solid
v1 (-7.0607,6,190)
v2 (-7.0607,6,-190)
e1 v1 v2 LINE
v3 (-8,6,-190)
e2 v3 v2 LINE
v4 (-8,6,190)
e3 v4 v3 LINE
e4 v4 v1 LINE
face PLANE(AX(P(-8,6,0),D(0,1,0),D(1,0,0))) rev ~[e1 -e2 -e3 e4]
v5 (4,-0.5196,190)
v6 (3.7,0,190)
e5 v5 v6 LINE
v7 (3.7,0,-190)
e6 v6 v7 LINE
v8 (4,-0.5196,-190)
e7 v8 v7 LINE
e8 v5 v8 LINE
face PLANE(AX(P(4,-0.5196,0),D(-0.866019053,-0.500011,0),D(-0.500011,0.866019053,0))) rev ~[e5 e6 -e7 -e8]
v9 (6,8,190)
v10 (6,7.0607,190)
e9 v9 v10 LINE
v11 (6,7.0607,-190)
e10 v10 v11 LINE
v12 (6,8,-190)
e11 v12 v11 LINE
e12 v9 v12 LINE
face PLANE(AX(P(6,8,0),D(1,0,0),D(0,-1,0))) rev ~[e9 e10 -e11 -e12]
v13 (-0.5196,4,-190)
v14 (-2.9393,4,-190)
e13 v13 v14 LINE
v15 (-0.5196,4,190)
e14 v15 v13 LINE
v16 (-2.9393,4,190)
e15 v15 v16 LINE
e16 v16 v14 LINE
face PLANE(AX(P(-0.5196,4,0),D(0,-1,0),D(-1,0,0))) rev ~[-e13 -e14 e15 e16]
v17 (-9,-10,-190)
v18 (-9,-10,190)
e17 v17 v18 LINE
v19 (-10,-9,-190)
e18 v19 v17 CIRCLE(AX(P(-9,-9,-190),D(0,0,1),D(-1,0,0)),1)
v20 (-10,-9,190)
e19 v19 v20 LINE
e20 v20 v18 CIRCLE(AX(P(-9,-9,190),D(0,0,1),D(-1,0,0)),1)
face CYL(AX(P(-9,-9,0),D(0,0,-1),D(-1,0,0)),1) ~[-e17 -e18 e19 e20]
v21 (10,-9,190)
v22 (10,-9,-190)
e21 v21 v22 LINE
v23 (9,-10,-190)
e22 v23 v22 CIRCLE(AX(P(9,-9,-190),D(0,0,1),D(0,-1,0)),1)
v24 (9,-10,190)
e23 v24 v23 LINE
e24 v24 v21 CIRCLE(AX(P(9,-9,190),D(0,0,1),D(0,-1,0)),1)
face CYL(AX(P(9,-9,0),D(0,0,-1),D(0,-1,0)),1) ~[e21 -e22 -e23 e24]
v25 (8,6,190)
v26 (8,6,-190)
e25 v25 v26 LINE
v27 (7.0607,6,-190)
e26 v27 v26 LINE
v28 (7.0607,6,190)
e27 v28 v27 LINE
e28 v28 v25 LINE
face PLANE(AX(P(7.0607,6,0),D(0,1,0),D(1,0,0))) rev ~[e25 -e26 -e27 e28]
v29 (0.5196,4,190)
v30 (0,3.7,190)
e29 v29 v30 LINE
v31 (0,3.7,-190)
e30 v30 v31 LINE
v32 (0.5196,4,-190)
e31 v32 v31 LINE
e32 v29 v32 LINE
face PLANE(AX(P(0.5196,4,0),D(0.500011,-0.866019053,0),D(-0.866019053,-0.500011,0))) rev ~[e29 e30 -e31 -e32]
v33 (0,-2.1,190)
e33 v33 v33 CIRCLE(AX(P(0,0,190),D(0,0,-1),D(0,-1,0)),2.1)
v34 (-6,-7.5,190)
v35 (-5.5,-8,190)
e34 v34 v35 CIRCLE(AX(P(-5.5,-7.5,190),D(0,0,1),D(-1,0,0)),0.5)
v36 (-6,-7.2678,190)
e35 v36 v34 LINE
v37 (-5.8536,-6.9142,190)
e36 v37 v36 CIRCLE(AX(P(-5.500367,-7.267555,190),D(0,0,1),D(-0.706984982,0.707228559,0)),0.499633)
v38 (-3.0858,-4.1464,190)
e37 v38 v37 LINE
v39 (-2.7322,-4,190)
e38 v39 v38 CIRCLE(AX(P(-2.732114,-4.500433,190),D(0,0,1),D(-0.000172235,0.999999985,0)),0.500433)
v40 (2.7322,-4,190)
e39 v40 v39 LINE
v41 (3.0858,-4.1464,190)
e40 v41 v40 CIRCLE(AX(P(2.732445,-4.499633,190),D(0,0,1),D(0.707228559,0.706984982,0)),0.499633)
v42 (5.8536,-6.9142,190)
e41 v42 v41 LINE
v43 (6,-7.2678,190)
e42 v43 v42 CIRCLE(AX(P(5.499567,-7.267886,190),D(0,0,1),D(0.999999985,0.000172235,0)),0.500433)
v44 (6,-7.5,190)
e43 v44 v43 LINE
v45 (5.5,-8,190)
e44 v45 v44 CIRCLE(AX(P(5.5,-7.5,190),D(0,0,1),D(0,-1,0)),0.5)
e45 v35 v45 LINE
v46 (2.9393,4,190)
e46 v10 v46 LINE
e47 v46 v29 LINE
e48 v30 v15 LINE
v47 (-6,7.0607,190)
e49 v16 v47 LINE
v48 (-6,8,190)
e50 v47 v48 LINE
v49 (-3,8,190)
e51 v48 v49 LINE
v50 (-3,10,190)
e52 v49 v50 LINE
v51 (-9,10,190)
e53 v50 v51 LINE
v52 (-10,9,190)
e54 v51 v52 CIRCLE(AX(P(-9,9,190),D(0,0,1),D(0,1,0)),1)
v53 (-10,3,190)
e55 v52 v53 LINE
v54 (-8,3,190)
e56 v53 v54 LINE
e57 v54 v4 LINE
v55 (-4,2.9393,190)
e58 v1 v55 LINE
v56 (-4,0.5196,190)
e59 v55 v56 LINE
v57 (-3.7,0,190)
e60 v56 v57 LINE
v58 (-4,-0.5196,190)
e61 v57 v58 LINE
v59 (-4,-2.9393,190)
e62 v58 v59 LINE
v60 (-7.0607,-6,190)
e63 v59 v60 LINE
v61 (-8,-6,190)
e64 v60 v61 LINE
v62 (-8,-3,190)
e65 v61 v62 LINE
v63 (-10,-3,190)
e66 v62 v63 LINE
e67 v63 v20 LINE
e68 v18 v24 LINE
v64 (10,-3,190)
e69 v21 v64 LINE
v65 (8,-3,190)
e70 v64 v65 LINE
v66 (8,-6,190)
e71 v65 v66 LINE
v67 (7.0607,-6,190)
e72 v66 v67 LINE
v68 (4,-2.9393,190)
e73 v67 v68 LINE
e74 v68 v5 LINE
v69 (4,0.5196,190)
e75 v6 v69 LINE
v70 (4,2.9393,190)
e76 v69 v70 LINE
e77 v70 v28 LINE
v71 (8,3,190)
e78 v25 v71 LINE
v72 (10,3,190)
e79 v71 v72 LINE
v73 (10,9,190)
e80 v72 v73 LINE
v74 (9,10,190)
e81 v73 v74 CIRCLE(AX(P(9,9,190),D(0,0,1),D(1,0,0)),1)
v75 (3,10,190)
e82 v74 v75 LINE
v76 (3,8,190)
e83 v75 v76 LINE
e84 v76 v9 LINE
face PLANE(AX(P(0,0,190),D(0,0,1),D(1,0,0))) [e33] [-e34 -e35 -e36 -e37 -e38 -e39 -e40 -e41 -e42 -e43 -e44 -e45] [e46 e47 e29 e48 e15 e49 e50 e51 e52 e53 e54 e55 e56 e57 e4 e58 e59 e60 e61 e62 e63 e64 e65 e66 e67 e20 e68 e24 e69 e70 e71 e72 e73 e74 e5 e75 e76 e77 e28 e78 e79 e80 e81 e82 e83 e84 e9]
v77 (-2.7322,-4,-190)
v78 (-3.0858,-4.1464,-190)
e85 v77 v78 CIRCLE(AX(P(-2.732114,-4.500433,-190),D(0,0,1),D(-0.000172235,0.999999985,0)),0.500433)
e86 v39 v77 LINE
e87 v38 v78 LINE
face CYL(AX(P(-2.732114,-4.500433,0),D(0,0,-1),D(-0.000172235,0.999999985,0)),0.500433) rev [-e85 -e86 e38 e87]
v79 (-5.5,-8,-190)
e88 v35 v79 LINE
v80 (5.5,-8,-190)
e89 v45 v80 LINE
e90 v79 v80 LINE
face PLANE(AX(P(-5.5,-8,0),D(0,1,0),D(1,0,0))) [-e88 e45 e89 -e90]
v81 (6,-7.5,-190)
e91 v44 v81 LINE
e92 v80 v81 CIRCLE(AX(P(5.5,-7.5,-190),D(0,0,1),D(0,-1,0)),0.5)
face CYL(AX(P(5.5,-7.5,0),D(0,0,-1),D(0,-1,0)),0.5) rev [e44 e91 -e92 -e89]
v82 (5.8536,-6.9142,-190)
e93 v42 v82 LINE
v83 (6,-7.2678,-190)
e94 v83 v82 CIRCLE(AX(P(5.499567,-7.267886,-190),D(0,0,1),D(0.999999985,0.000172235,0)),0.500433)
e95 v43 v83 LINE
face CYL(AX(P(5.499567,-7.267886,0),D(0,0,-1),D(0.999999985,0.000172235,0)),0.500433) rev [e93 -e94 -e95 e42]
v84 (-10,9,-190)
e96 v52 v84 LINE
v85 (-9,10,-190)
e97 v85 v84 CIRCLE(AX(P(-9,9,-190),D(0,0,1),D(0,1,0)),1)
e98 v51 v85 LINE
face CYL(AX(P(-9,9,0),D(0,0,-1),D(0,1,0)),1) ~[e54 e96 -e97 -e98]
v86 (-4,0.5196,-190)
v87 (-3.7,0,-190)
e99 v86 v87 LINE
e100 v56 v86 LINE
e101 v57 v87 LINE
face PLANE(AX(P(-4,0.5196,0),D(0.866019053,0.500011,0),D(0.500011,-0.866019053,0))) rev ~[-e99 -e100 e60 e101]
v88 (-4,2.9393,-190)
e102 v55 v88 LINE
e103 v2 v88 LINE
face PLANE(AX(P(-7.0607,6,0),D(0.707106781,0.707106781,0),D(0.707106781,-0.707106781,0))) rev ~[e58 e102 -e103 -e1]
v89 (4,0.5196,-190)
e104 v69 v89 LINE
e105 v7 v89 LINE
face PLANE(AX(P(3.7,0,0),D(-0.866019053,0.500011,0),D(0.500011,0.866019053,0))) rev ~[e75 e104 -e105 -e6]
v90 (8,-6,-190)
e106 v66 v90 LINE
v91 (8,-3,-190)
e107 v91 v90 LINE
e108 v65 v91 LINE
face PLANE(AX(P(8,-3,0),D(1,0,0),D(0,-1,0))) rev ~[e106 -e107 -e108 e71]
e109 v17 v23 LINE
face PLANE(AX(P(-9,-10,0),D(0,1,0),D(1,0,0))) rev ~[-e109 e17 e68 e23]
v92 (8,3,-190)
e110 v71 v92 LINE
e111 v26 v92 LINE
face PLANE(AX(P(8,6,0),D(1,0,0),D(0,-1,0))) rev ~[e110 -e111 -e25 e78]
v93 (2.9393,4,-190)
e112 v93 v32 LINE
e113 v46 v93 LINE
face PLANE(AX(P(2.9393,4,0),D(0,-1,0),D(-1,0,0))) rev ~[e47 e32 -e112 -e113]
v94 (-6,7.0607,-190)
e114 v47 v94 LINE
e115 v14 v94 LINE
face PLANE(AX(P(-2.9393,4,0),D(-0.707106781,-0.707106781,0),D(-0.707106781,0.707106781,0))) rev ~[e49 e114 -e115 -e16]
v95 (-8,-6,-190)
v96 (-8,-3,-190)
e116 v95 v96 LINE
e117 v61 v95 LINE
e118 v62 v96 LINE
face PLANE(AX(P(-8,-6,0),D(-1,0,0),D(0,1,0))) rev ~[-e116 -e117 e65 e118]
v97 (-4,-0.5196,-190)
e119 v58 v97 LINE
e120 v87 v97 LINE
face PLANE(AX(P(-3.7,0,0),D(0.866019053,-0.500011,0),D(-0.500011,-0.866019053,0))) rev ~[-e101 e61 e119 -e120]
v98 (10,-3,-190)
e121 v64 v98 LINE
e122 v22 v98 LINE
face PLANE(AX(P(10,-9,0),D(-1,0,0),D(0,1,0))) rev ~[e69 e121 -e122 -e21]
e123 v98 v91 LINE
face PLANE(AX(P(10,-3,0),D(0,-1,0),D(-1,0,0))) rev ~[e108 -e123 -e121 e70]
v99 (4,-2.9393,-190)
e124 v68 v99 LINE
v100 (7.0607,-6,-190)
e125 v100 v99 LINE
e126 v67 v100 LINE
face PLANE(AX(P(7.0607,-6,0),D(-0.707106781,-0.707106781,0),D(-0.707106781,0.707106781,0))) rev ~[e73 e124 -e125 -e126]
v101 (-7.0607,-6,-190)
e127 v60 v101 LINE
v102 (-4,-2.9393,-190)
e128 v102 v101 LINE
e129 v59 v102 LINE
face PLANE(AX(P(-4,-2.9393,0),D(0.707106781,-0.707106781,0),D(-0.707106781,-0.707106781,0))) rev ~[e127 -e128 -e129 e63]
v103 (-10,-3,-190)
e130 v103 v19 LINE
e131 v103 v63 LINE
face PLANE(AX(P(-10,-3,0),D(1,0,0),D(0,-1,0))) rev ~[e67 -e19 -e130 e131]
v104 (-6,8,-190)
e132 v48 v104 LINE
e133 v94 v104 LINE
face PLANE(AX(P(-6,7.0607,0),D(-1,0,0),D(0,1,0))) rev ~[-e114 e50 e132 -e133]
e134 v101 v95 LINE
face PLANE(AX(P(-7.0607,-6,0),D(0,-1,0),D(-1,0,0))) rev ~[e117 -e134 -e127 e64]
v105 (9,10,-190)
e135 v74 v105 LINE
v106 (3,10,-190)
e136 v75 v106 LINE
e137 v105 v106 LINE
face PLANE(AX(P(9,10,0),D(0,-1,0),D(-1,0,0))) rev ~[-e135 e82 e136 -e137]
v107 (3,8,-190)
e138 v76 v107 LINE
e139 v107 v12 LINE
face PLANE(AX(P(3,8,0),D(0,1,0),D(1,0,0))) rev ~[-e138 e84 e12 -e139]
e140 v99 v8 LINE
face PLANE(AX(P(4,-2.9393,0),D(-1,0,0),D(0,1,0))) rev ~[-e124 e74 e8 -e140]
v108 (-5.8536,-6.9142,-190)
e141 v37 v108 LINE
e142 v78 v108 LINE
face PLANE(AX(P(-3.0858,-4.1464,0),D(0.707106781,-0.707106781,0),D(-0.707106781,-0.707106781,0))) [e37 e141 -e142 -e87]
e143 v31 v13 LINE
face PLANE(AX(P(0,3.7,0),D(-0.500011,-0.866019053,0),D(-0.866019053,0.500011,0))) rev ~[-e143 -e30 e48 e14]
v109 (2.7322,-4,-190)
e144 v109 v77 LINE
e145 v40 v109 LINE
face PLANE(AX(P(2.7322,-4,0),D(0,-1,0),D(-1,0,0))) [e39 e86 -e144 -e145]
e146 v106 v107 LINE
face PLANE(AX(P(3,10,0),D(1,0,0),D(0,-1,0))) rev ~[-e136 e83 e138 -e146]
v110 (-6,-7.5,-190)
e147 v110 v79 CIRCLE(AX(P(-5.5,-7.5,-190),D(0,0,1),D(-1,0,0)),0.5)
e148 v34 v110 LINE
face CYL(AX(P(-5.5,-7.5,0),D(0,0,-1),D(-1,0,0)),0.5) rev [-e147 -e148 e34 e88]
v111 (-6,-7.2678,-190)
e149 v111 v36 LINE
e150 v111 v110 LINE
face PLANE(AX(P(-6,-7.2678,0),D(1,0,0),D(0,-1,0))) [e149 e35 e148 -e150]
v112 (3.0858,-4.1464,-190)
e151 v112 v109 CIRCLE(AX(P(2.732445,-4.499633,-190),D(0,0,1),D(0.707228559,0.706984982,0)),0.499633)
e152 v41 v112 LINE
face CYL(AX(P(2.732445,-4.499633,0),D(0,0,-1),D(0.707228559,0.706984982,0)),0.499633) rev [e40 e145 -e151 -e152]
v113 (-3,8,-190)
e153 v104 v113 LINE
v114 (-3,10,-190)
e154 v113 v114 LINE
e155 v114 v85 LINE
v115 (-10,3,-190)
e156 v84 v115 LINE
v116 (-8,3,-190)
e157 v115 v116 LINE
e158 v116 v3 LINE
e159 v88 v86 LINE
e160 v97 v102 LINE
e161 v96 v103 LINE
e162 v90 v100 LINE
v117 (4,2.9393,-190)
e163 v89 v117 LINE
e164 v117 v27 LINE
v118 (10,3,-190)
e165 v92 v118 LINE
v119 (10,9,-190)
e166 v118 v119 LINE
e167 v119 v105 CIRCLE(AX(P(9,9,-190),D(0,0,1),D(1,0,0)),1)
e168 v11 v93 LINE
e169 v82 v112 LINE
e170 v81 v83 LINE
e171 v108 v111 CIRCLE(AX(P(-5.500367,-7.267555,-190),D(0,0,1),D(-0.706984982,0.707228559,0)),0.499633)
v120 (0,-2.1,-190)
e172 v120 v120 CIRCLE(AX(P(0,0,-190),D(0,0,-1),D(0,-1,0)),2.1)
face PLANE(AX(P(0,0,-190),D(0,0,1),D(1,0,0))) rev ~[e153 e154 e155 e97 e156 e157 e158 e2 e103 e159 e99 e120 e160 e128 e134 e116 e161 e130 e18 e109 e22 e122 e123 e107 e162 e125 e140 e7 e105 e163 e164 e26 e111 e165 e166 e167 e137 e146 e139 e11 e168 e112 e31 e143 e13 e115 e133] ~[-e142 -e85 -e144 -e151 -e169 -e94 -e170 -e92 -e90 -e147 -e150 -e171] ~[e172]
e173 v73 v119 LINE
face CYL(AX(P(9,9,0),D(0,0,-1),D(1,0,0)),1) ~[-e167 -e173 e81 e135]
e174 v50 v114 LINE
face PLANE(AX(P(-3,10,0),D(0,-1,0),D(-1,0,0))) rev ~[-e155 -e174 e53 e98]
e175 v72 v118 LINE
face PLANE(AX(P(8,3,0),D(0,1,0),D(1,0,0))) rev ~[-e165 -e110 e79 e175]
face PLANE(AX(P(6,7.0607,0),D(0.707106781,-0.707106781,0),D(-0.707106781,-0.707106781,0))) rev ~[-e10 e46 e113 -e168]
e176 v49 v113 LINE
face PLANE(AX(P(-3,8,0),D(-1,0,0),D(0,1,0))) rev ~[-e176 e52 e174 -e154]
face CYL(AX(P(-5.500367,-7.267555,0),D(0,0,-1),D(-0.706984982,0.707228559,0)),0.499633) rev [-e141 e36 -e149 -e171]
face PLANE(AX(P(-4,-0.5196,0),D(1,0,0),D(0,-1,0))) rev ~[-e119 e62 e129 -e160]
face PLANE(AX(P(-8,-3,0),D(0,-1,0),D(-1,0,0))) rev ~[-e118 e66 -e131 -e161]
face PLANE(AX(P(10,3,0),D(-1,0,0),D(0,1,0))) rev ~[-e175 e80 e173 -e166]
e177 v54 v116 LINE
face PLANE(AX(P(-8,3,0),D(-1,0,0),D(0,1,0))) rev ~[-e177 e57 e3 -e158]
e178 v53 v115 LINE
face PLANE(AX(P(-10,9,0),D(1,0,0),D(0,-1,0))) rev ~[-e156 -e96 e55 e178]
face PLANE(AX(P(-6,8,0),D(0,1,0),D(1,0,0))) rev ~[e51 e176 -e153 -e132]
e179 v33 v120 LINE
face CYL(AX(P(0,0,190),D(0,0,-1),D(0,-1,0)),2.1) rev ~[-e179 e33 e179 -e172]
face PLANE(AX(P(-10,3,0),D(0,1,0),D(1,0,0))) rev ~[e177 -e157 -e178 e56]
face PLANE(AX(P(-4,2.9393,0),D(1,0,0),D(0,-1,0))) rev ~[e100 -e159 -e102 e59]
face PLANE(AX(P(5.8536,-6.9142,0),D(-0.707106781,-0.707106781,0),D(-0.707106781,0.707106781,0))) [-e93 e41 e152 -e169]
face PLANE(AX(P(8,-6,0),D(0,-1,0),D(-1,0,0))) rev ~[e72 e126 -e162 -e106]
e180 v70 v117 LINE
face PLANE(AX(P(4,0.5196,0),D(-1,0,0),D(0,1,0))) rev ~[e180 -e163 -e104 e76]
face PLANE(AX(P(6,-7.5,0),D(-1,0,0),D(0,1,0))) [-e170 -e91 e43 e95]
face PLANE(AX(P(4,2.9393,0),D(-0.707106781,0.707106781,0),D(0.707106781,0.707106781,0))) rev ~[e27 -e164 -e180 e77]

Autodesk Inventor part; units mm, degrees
sketch "Sketch_63" plane through (0, 0, 0) normal (0, 0, 1) x (1, 0, 0)
  line L0 (-10, -3) -> (-10, -9)
  arc A0 (-10, -9) -> (-9, -10) centre (-9, -9) ccw
  line L1 (-9, -10) -> (9, -10)
  arc A1 (9, -10) -> (10, -9) centre (9, -9) ccw
  line L2 (10, -9) -> (10, -3)
  line L3 (10, -3) -> (8, -3)
  line L4 (8, -3) -> (8, -6)
  line L5 (8, -6) -> (7.0607, -6)
  line L6 (7.0607, -6) -> (4, -2.9393)
  line L7 (4, -2.9393) -> (4, -0.5196)
  line L8 (4, -0.5196) -> (3.7, 0)
  line L9 (3.7, 0) -> (4, 0.5196)
  line L10 (4, 0.5196) -> (4, 2.9393)
  line L11 (4, 2.9393) -> (7.0607, 6)
  line L12 (7.0607, 6) -> (8, 6)
  line L13 (8, 6) -> (8, 3)
  line L14 (8, 3) -> (10, 3)
  line L15 (10, 3) -> (10, 9)
  arc A2 (10, 9) -> (9, 10) centre (9, 9) ccw
  line L16 (9, 10) -> (3, 10)
  line L17 (3, 10) -> (3, 8)
  line L18 (3, 8) -> (6, 8)
  line L19 (6, 8) -> (6, 7.0607)
  line L20 (6, 7.0607) -> (2.9393, 4)
  line L21 (2.9393, 4) -> (0.5196, 4)
  line L22 (0.5196, 4) -> (0, 3.7)
  line L23 (0, 3.7) -> (-0.5196, 4)
  line L24 (-0.5196, 4) -> (-2.9393, 4)
  line L25 (-2.9393, 4) -> (-6, 7.0607)
  line L26 (-6, 7.0607) -> (-6, 8)
  line L27 (-6, 8) -> (-3, 8)
  line L28 (-3, 8) -> (-3, 10)
  line L29 (-3, 10) -> (-9, 10)
  arc A3 (-9, 10) -> (-10, 9) centre (-9, 9) ccw
  line L30 (-10, 9) -> (-10, 3)
  line L31 (-10, 3) -> (-8, 3)
  line L32 (-8, 3) -> (-8, 6)
  line L33 (-8, 6) -> (-7.0607, 6)
  line L34 (-7.0607, 6) -> (-4, 2.9393)
  line L35 (-4, 2.9393) -> (-4, 0.5196)
  line L36 (-4, 0.5196) -> (-3.7, 0)
  line L37 (-3.7, 0) -> (-4, -0.5196)
  line L38 (-4, -0.5196) -> (-4, -2.9393)
  line L39 (-4, -2.9393) -> (-7.0607, -6)
  line L40 (-7.0607, -6) -> (-8, -6)
  line L41 (-8, -6) -> (-8, -3)
  line L42 (-8, -3) -> (-10, -3)
  line L43 (-6, -7.2678) -> (-6, -7.5)
  arc A4 (-6, -7.5) -> (-5.5, -8) centre (-5.5, -7.5) ccw
  line L44 (-5.5, -8) -> (5.5, -8)
  arc A5 (5.5, -8) -> (6, -7.5) centre (5.5, -7.5) ccw
  line L45 (6, -7.5) -> (6, -7.2678)
  arc A6 (6, -7.2678) -> (5.8536, -6.9142) centre (5.5, -7.2678) ccw
  line L46 (5.8536, -6.9142) -> (3.0858, -4.1464)
  arc A7 (3.0858, -4.1464) -> (2.7322, -4) centre (2.7322, -4.5) ccw
  line L47 (2.7322, -4) -> (-2.7322, -4)
  arc A8 (-2.7322, -4) -> (-3.0858, -4.1464) centre (-2.7322, -4.5) ccw
  line L48 (-3.0858, -4.1464) -> (-5.8536, -6.9142)
  arc A9 (-5.8536, -6.9142) -> (-6, -7.2678) centre (-5.5, -7.2678) ccw
extrude "Extrusion1" add sketch "Sketch_63" along normal mid plane 380
sketch "Sketch2" plane through (0, 0, 190) normal (0, 0, 1) x (-1, 0, 0)
  point P0 (0, 0)
hole "Hole1" at (0, 0, 190) direction (0, 0, -1) diameter 4.2 depth 440
ref_plane "C1_XY" through (0, 0, 0) normal (0, 0, 1) x (1, 0, 0)
ref_plane "C1_YZ" through (0, 0, 0) normal (1, 0, 0) x (0, 1, 0)
ref_plane "C1_ZX" through (0, 0, 0) normal (0, 1, 0) x (0, 0, 1)
thread "Thread1" size "M5x0.8" class "6H" standard "ANSI Metric M Profile" length 10
thread "Thread2" size "M5x0.8" class "6H" standard "ANSI Metric M Profile" length 10
properties part number "HFSFB5-2020-380" material "Aluminum 6061"
